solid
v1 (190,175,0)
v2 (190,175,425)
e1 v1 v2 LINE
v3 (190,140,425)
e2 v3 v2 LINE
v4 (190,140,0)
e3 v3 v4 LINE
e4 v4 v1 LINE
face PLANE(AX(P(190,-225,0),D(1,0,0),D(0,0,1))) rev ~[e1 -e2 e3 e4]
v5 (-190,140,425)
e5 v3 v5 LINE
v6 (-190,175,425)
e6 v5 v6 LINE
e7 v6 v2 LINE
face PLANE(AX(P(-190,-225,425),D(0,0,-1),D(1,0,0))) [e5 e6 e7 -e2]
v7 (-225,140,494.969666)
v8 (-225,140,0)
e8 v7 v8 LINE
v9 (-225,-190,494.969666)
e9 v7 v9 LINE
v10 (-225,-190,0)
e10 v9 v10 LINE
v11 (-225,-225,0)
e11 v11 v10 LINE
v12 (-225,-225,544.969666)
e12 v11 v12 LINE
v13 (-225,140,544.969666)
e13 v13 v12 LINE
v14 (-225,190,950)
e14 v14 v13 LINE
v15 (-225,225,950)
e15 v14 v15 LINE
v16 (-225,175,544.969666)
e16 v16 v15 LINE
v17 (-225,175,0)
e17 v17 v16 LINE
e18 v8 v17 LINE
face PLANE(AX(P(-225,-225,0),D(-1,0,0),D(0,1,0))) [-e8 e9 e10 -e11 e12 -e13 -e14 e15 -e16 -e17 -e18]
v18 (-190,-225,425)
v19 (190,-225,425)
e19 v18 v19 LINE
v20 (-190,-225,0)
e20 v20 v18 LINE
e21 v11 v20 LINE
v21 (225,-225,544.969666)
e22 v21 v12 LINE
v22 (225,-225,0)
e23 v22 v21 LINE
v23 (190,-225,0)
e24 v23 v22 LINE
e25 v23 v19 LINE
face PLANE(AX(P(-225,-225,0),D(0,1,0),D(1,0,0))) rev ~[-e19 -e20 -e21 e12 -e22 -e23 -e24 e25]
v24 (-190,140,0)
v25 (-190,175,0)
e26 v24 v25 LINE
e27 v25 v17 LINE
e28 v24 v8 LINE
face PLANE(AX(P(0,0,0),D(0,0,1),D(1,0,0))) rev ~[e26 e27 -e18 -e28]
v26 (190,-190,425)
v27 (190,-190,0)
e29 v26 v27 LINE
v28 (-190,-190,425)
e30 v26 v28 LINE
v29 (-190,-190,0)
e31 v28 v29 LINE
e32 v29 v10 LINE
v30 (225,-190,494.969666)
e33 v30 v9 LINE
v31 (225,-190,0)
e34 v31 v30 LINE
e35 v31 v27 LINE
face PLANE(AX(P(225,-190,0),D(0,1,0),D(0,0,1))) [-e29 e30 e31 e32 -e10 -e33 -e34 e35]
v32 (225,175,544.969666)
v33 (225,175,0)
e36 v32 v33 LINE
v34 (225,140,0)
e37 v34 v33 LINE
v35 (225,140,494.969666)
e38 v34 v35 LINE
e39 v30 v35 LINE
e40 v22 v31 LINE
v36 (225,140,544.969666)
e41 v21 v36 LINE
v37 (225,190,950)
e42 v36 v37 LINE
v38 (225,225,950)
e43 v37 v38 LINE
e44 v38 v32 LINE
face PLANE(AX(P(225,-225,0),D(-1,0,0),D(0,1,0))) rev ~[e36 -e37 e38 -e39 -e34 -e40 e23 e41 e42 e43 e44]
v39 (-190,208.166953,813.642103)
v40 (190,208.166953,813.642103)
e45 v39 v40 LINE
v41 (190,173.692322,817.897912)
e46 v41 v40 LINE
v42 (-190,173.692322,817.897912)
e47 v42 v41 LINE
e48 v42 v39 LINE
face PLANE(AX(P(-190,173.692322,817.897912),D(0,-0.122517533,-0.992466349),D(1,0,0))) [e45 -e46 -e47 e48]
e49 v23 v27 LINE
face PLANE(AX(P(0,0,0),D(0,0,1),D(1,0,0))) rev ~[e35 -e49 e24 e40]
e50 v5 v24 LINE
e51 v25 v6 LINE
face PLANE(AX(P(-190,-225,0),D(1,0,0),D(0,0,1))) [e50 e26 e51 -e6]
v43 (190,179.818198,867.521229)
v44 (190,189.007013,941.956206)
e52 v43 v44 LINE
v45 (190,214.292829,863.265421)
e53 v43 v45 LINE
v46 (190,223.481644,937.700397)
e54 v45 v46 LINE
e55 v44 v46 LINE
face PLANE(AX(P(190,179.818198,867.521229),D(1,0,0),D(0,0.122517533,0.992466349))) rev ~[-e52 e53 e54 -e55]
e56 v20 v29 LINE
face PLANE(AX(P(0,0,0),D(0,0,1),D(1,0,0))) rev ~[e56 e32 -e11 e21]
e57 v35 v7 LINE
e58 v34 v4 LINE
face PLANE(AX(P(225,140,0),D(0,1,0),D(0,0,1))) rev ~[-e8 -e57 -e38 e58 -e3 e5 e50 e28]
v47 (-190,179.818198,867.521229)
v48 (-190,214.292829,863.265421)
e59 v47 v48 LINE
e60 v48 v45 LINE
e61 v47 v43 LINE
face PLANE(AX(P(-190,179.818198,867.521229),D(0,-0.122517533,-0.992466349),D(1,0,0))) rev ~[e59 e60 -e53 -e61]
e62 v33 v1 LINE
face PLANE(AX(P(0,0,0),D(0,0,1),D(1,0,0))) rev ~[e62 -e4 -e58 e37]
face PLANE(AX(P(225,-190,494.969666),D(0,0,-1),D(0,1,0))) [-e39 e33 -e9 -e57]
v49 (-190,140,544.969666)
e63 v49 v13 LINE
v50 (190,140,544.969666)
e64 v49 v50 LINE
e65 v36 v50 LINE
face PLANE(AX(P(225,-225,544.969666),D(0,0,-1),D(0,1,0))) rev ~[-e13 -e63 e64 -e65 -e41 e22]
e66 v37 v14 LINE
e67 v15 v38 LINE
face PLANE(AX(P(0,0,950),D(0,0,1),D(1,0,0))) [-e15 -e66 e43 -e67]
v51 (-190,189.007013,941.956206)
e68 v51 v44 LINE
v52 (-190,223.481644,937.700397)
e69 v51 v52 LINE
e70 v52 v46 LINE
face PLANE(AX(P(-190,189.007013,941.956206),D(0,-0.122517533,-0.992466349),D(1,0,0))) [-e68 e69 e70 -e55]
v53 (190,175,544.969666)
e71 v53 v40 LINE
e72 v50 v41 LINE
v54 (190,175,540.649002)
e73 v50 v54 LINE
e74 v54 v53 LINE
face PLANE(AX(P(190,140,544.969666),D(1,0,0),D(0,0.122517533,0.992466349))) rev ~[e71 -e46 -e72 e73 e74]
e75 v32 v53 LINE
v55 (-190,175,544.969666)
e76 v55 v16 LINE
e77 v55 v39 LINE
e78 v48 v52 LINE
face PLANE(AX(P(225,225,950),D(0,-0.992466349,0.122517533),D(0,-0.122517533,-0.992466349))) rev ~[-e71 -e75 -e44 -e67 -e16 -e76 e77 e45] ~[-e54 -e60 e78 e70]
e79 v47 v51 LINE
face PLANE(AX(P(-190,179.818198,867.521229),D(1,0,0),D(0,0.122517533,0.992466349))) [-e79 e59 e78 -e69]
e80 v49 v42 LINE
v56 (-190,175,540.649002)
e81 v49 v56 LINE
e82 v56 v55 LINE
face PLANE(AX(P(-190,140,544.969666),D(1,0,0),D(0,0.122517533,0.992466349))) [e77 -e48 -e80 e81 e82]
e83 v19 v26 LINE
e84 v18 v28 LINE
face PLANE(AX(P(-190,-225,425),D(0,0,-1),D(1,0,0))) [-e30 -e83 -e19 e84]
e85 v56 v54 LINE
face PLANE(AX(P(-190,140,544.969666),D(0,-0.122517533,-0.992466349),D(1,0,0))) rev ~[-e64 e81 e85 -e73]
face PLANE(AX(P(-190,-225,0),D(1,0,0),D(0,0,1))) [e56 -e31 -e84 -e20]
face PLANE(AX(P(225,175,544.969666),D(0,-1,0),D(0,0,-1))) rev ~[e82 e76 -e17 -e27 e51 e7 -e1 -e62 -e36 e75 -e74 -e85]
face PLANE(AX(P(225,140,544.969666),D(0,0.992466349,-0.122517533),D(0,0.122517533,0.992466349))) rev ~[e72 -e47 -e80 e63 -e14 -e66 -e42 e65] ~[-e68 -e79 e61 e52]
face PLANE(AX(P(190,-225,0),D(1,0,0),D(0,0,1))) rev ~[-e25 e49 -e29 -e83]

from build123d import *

# Parameters (mm, degrees)
F0_W     = 450
F0_H     = 450
F1_DEPTH = 950
F2_W     = 330
F2_H     = 494.9696660042
F2_W_2   = 50
F2_H_2   = 50
F3_DEPTH = 450.001
F4_W     = 380
F4_H     = 425
F5_DEPTH = 450.001
F6_W     = 380
F6_H     = 275
F6_H_2   = 75
F7_DEPTH = 151.1289788998


with BuildPart() as f1:
    # F0 (on Top) → F1 (new body)
    with BuildSketch(Plane.XY):
        Rectangle(F0_W, F0_H)
    extrude(amount=F1_DEPTH)

    # F2 (on face) → F3 (cut, through all)
    with BuildSketch(Plane.YZ.offset(225)):
        with Locations((-25, 247.4848330021)):
            Rectangle(F2_W, F2_H)
        with Locations((200, 247.4848330021)):
            Rectangle(F2_W_2, F2_H)
        Polygon((225, 950), (175, 544.9696660042), (225, 544.9696660042), align=None)
        with Locations((200, 519.9696660042)):
            Rectangle(F2_W_2, F2_H_2)
        Polygon((-225, 950), (-225, 544.9696660042), (140, 544.9696660042), (190, 950), align=None)
    extrude(amount=-F3_DEPTH, mode=Mode.SUBTRACT)

    # F4 (on face) → F5 (cut, through all)
    with BuildSketch(Plane.XZ.offset(225)):
        with Locations((0, 212.5)):
            Rectangle(F4_W, F4_H)
    extrude(amount=-F5_DEPTH, mode=Mode.SUBTRACT)

    # F6 (on face) → F7 (cut, through all)
    with BuildSketch(Plane(origin=(0, 71.633193695, -8.8429418345), x_dir=(1, 0, 0), z_dir=(0, -0.9924663491, 0.1225175334))):
        with Locations((0, 695.5165094381)):
            Rectangle(F6_W, F6_H)
        with Locations((0, 920.5165094381)):
            Rectangle(F6_W, F6_H_2)
    extrude(amount=-F7_DEPTH, mode=Mode.SUBTRACT)


solid = f1.part
